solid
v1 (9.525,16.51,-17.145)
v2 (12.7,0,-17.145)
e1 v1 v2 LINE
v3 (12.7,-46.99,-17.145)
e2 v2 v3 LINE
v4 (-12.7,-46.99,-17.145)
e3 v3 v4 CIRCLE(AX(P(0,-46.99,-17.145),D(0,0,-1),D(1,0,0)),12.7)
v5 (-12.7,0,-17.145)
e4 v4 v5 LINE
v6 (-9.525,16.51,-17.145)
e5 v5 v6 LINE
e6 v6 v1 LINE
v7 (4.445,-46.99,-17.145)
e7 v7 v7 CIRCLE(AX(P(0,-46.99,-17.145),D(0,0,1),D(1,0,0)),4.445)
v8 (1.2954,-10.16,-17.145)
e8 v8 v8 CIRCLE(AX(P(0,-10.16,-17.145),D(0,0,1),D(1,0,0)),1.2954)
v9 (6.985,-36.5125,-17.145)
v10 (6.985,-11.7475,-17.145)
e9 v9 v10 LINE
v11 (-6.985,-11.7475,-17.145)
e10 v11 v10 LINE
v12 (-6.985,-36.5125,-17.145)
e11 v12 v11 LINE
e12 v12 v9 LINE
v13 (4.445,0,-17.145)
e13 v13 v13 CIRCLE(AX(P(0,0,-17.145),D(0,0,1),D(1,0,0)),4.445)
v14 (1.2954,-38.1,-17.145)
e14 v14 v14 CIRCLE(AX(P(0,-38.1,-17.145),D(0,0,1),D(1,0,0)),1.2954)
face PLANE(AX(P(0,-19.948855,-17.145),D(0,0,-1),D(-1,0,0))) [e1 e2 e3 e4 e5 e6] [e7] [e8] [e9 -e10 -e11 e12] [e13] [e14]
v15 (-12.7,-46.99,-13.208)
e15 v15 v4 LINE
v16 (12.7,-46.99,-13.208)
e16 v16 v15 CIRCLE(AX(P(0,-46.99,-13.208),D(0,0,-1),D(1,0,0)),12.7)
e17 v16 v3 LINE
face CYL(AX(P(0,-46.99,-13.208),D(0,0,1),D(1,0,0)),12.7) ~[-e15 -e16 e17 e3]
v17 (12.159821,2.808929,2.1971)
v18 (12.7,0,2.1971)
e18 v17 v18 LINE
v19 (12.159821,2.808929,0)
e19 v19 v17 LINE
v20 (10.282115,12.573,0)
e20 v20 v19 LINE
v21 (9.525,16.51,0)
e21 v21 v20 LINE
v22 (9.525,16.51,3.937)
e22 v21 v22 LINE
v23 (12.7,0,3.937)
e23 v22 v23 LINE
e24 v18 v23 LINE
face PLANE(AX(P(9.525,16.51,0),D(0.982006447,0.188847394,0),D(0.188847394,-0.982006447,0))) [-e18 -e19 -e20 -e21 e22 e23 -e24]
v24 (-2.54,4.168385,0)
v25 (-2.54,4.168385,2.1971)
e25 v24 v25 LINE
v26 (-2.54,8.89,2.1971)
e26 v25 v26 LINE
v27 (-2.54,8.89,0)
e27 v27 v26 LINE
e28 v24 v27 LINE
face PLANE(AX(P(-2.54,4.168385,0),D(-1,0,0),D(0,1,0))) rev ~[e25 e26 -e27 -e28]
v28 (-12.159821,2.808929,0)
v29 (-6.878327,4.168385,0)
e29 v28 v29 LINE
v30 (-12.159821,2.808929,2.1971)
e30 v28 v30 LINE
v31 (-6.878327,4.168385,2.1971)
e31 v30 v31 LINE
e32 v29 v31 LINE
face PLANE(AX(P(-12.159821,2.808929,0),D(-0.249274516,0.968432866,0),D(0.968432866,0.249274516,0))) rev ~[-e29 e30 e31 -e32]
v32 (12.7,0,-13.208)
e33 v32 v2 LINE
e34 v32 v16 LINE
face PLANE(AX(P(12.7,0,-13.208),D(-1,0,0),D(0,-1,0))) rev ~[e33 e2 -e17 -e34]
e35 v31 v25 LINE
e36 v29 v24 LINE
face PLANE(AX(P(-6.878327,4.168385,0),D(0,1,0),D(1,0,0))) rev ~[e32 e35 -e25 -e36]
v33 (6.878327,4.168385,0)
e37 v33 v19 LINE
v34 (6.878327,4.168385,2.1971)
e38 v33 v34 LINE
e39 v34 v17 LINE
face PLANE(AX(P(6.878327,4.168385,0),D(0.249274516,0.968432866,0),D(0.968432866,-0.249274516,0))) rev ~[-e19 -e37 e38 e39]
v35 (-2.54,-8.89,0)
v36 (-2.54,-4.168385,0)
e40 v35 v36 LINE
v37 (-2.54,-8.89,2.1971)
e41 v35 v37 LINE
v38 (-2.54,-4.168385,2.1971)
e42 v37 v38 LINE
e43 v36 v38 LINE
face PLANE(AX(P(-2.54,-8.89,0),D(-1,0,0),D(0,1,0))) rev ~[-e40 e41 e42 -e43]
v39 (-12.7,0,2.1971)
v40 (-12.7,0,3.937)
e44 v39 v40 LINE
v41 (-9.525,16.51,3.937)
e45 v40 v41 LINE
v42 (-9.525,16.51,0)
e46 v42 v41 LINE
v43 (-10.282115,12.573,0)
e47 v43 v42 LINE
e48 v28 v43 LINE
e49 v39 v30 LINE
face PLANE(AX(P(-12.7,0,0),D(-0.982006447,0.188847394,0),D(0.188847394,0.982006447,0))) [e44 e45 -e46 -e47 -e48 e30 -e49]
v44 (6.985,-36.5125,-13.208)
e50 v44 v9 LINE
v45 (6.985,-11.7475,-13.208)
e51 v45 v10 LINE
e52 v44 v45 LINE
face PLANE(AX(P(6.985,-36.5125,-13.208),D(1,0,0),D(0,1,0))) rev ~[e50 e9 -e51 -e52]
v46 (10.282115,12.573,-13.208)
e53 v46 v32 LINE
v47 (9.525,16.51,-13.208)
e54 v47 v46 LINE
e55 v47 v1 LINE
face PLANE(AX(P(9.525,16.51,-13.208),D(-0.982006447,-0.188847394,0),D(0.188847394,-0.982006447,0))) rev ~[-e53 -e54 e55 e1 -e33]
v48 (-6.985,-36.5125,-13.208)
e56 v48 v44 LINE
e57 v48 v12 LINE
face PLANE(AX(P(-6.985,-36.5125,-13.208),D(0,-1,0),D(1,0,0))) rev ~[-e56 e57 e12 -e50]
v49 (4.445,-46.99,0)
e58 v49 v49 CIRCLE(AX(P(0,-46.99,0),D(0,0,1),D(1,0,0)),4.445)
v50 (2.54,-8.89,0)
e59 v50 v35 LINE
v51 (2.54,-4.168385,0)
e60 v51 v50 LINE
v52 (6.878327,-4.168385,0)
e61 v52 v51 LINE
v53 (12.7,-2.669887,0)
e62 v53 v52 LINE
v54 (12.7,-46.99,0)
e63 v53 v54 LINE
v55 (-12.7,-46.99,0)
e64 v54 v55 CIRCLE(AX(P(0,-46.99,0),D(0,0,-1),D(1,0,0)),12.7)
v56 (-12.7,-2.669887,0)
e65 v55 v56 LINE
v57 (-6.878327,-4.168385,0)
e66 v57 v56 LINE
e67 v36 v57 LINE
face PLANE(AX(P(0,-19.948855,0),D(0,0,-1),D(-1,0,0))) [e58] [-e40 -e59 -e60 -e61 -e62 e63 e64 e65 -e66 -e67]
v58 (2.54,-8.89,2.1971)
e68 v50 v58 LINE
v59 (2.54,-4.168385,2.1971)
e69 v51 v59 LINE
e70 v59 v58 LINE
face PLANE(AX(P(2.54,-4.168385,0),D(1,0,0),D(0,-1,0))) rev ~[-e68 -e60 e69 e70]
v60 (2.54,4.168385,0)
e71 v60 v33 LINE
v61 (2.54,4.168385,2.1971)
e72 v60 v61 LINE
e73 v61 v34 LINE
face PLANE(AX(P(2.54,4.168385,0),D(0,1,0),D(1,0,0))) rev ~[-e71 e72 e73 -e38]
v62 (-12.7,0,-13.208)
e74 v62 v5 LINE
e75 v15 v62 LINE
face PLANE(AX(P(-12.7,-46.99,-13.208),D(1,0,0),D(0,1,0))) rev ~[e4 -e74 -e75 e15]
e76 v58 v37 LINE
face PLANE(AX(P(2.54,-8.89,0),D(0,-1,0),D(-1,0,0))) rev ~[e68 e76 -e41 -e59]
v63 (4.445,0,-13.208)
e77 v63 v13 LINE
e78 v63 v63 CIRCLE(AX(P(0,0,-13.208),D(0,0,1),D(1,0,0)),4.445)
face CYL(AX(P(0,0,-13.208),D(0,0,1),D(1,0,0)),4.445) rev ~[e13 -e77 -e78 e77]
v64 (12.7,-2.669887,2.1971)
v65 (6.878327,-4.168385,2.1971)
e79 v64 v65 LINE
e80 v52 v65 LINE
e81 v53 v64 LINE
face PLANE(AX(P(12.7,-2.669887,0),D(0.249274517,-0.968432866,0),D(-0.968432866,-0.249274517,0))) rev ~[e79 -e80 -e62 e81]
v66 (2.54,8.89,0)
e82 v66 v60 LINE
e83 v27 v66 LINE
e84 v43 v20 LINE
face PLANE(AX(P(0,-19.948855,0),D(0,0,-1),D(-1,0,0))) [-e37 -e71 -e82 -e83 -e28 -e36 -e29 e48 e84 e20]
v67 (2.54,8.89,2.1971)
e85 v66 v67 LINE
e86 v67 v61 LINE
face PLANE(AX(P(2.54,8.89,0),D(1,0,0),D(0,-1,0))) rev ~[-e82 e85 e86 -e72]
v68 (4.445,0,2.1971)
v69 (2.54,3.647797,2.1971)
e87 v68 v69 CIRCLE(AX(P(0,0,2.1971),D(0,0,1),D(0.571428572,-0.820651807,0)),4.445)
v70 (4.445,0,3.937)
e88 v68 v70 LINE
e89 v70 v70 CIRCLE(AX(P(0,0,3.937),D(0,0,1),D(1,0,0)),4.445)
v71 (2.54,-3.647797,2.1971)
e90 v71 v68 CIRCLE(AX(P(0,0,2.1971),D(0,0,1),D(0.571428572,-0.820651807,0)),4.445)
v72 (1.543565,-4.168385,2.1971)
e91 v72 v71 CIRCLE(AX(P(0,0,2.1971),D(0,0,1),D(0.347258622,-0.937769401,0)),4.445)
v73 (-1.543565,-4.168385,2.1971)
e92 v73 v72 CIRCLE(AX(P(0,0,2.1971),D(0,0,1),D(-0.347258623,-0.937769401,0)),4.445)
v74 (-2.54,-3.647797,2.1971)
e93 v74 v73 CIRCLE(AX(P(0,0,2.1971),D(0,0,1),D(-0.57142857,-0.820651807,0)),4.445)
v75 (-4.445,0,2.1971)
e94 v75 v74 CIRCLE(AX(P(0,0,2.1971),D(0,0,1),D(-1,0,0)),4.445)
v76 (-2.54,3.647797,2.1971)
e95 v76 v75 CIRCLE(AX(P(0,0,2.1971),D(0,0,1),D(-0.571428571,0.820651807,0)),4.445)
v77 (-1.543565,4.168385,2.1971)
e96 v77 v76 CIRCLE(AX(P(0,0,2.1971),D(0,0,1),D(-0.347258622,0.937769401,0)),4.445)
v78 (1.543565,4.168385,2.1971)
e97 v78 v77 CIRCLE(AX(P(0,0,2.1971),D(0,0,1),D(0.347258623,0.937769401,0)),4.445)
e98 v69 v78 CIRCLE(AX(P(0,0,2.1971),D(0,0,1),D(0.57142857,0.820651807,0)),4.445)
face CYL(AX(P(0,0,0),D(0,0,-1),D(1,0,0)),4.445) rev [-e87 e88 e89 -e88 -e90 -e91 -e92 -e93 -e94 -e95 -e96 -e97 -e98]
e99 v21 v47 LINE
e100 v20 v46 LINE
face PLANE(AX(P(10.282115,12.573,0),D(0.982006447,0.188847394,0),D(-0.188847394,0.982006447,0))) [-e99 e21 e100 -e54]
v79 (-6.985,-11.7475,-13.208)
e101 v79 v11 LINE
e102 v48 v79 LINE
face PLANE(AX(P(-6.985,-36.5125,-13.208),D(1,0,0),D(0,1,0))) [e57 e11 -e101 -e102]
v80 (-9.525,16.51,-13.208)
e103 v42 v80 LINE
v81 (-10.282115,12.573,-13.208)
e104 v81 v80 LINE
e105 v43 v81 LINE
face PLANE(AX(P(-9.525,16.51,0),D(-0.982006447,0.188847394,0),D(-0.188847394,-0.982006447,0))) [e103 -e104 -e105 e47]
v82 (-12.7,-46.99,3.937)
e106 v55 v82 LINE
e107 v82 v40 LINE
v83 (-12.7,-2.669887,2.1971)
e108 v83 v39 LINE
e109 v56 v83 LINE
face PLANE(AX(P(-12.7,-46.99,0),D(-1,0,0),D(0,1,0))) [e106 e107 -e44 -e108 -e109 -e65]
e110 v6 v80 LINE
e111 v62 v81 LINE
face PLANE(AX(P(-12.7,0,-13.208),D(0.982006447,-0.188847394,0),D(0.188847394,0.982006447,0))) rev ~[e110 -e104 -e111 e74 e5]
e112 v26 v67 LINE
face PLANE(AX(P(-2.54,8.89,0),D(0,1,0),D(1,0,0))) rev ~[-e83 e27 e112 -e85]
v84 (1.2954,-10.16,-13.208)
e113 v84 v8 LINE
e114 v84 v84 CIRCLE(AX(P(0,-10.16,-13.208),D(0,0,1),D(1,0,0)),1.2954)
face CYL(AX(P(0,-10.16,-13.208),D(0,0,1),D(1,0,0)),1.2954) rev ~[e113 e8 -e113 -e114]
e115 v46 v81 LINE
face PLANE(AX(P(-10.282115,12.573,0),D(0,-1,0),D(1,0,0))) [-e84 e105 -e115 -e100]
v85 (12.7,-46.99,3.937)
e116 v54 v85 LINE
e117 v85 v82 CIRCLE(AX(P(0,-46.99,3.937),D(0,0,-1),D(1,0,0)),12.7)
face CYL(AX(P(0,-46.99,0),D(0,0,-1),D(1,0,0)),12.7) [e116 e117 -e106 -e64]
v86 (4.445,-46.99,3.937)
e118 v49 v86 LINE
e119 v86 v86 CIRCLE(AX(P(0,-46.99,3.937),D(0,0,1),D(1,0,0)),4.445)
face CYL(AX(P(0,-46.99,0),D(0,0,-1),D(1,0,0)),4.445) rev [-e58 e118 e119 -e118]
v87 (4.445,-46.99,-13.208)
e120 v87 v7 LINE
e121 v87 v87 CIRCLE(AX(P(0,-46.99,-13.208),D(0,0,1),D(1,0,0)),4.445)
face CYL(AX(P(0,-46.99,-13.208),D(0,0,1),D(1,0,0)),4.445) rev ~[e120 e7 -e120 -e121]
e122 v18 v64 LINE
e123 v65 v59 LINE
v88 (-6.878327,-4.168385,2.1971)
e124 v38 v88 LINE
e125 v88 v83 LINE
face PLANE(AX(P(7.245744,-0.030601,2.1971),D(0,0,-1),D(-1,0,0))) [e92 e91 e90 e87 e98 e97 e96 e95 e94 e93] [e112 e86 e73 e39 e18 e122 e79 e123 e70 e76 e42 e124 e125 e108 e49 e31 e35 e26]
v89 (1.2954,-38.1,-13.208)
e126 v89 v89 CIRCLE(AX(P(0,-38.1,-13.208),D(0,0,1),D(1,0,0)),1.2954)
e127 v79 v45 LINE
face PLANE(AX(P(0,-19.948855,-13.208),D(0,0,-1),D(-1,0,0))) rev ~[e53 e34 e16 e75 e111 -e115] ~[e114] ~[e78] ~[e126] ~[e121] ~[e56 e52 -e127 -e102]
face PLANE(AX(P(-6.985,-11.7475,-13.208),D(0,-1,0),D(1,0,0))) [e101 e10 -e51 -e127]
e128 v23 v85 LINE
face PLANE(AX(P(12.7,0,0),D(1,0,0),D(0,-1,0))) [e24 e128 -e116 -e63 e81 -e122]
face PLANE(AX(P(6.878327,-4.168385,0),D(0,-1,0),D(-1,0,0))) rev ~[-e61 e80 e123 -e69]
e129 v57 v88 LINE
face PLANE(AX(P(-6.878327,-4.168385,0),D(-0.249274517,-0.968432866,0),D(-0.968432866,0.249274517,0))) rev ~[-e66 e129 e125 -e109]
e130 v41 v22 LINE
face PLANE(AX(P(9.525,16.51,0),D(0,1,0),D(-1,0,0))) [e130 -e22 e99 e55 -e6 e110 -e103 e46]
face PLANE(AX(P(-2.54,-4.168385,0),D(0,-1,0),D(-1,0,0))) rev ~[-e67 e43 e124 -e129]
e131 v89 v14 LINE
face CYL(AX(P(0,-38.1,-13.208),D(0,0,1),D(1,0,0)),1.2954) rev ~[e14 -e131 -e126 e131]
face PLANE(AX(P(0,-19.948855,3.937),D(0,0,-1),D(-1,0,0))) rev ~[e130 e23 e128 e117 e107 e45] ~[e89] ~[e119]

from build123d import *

# Parameters (mm, degrees)
SKETCH1_R           = 4.445
BOSS_EXTRUDE1_DEPTH = 3.937
BOSS_EXTRUDE3_START = -13.208
SKETCH1_5_R         = 4.445
SKETCH1_5_R_2       = 1.2954
SKETCH1_5_W         = 13.97
SKETCH1_5_H         = 24.765
BOSS_EXTRUDE3_DEPTH = 3.937
CUT_EXTRUDE4_DEPTH  = 2.1971
BOSS_EXTRUDE5_DEPTH = 16.4211


with BuildPart() as part:
    # Sketch1 (on Front Plane) → Boss-Extrude1 (new body)
    with BuildSketch(Plane.XY):
        with BuildLine():
            Line((-12.7, 0), (-9.525, 16.51))
            Line((-9.525, 16.51), (9.525, 16.51))
            Line((9.525, 16.51), (12.7, 0))
            Line((12.7, 0), (12.7, -46.99))
            ThreePointArc((12.7, -46.99), (0, -59.69), (-12.7, -46.99))
            Line((-12.7, -46.99), (-12.7, 0))
        make_face()
        Circle(SKETCH1_R, mode=Mode.SUBTRACT)
        with Locations((0, -46.99)):
            Circle(SKETCH1_R, mode=Mode.SUBTRACT)
    extrude(amount=BOSS_EXTRUDE1_DEPTH)

    # Sketch4 → Cut-Extrude4 (cut)
    with BuildSketch(Plane(origin=(0, 0, 0), x_dir=(-1, 0, 0), z_dir=(0, 0, -1))):
        with BuildLine():
            Line((-12.7, 0), (-12.7, -2.669886907))
            Line((-12.7, -2.669886907), (-6.878326735, -4.168384986))
            Line((-6.878326735, -4.168384986), (-2.54, -4.168384986))
            Line((-2.54, -4.168384986), (-2.54, -3.647797281))
            ThreePointArc((-2.54, -3.647797281), (-4.445, 0), (-2.54, 3.647797281))
            Line((-2.54, 3.647797281), (-2.54, 4.168384986))
            Line((-2.54, 4.168384986), (-6.878326735, 4.168384986))
            Line((-6.878326735, 4.168384986), (-12.15982138, 2.808928827))
            Line((-12.15982138, 2.808928827), (-12.7, 0))
        make_face()
        with BuildLine():
            Line((-1.543564577, -4.168384986), (-2.54, -4.168384986))
            Line((-2.54, -4.168384986), (-2.54, -8.89))
            Line((-2.54, -8.89), (2.54, -8.89))
            Line((2.54, -8.89), (2.54, -4.168384986))
            Line((2.54, -4.168384986), (1.543564577, -4.168384986))
            ThreePointArc((1.543564577, -4.168384986), (0, -4.445), (-1.543564577, -4.168384986))
        make_face()
        with BuildLine():
            Line((2.54, -3.647797281), (2.54, -4.168384986))
            Line((2.54, -4.168384986), (6.878326735, -4.168384986))
            Line((6.878326735, -4.168384986), (12.7, -2.669886907))
            Line((12.7, -2.669886907), (12.7, 0))
            Line((12.7, 0), (12.15982138, 2.808928827))
            Line((12.15982138, 2.808928827), (6.878326735, 4.168384986))
            Line((6.878326735, 4.168384986), (2.54, 4.168384986))
            Line((2.54, 4.168384986), (2.54, 3.647797281))
            ThreePointArc((2.54, 3.647797281), (3.940071383, 2.057635172), (4.445, 0))
            ThreePointArc((4.445, 0), (3.940071383, -2.057635172), (2.54, -3.647797281))
        make_face()
        with BuildLine():
            Line((-2.54, 8.89), (-2.54, 4.168384986))
            Line((-2.54, 4.168384986), (-1.543564577, 4.168384986))
            ThreePointArc((-1.543564577, 4.168384986), (0, 4.445), (1.543564577, 4.168384986))
            Line((1.543564577, 4.168384986), (2.54, 4.168384986))
            Line((2.54, 4.168384986), (2.54, 8.89))
            Line((2.54, 8.89), (-2.54, 8.89))
        make_face()
        with BuildLine():
            Line((2.54, 4.168384986), (1.543564577, 4.168384986))
            ThreePointArc((1.543564577, 4.168384986), (2.058307024, 3.939720446), (2.54, 3.647797281))
            Line((2.54, 3.647797281), (2.54, 4.168384986))
        make_face()
        with BuildLine():
            Line((-1.543564577, 4.168384986), (-2.54, 4.168384986))
            Line((-2.54, 4.168384986), (-2.54, 3.647797281))
            ThreePointArc((-2.54, 3.647797281), (-2.058307024, 3.939720446), (-1.543564577, 4.168384986))
        make_face()
        with BuildLine():
            ThreePointArc((2.54, -3.647797281), (2.058307024, -3.939720446), (1.543564577, -4.168384986))
            Line((1.543564577, -4.168384986), (2.54, -4.168384986))
            Line((2.54, -4.168384986), (2.54, -3.647797281))
        make_face()
        with BuildLine():
            Line((-2.54, -3.647797281), (-2.54, -4.168384986))
            Line((-2.54, -4.168384986), (-1.543564577, -4.168384986))
            ThreePointArc((-1.543564577, -4.168384986), (-2.058307024, -3.939720446), (-2.54, -3.647797281))
        make_face()
    extrude(amount=-CUT_EXTRUDE4_DEPTH, mode=Mode.SUBTRACT)



with BuildPart() as body_2:
    # Sketch1<5> → Boss-Extrude3 (new body)
    with BuildSketch(Plane.XY.offset(BOSS_EXTRUDE3_START)):
        with BuildLine():
            Line((-12.7, 0), (-9.525, 16.51))
            Line((-9.525, 16.51), (9.525, 16.51))
            Line((9.525, 16.51), (12.7, 0))
            Line((12.7, 0), (12.7, -46.99))
            ThreePointArc((12.7, -46.99), (0, -59.69), (-12.7, -46.99))
            Line((-12.7, -46.99), (-12.7, 0))
        make_face()
        Circle(SKETCH1_5_R, mode=Mode.SUBTRACT)
        with Locations((0, -10.16)):
            Circle(SKETCH1_5_R_2, mode=Mode.SUBTRACT)
        with Locations((0, -38.1)):
            Circle(SKETCH1_5_R_2, mode=Mode.SUBTRACT)
        with Locations((0, -46.99)):
            Circle(SKETCH1_5_R, mode=Mode.SUBTRACT)
        with Locations((0, -24.13)):
            Rectangle(SKETCH1_5_W, SKETCH1_5_H, mode=Mode.SUBTRACT)
    extrude(amount=-BOSS_EXTRUDE3_DEPTH)


with BuildPart() as part_1:
    add(part.part)

    add(body_2.part)  # Boss-Extrude5 merges body 2
    # Sketch5 → Boss-Extrude5 (add)
    with BuildSketch(Plane(origin=(0, 0, 0), x_dir=(-1, 0, 0), z_dir=(0, 0, -1))):
        Polygon((-9.525, 16.51), (9.525, 16.51), (10.282115385, 12.573), (-10.282115385, 12.573), align=None)
    extrude(amount=BOSS_EXTRUDE5_DEPTH)


solid = part_1.part
